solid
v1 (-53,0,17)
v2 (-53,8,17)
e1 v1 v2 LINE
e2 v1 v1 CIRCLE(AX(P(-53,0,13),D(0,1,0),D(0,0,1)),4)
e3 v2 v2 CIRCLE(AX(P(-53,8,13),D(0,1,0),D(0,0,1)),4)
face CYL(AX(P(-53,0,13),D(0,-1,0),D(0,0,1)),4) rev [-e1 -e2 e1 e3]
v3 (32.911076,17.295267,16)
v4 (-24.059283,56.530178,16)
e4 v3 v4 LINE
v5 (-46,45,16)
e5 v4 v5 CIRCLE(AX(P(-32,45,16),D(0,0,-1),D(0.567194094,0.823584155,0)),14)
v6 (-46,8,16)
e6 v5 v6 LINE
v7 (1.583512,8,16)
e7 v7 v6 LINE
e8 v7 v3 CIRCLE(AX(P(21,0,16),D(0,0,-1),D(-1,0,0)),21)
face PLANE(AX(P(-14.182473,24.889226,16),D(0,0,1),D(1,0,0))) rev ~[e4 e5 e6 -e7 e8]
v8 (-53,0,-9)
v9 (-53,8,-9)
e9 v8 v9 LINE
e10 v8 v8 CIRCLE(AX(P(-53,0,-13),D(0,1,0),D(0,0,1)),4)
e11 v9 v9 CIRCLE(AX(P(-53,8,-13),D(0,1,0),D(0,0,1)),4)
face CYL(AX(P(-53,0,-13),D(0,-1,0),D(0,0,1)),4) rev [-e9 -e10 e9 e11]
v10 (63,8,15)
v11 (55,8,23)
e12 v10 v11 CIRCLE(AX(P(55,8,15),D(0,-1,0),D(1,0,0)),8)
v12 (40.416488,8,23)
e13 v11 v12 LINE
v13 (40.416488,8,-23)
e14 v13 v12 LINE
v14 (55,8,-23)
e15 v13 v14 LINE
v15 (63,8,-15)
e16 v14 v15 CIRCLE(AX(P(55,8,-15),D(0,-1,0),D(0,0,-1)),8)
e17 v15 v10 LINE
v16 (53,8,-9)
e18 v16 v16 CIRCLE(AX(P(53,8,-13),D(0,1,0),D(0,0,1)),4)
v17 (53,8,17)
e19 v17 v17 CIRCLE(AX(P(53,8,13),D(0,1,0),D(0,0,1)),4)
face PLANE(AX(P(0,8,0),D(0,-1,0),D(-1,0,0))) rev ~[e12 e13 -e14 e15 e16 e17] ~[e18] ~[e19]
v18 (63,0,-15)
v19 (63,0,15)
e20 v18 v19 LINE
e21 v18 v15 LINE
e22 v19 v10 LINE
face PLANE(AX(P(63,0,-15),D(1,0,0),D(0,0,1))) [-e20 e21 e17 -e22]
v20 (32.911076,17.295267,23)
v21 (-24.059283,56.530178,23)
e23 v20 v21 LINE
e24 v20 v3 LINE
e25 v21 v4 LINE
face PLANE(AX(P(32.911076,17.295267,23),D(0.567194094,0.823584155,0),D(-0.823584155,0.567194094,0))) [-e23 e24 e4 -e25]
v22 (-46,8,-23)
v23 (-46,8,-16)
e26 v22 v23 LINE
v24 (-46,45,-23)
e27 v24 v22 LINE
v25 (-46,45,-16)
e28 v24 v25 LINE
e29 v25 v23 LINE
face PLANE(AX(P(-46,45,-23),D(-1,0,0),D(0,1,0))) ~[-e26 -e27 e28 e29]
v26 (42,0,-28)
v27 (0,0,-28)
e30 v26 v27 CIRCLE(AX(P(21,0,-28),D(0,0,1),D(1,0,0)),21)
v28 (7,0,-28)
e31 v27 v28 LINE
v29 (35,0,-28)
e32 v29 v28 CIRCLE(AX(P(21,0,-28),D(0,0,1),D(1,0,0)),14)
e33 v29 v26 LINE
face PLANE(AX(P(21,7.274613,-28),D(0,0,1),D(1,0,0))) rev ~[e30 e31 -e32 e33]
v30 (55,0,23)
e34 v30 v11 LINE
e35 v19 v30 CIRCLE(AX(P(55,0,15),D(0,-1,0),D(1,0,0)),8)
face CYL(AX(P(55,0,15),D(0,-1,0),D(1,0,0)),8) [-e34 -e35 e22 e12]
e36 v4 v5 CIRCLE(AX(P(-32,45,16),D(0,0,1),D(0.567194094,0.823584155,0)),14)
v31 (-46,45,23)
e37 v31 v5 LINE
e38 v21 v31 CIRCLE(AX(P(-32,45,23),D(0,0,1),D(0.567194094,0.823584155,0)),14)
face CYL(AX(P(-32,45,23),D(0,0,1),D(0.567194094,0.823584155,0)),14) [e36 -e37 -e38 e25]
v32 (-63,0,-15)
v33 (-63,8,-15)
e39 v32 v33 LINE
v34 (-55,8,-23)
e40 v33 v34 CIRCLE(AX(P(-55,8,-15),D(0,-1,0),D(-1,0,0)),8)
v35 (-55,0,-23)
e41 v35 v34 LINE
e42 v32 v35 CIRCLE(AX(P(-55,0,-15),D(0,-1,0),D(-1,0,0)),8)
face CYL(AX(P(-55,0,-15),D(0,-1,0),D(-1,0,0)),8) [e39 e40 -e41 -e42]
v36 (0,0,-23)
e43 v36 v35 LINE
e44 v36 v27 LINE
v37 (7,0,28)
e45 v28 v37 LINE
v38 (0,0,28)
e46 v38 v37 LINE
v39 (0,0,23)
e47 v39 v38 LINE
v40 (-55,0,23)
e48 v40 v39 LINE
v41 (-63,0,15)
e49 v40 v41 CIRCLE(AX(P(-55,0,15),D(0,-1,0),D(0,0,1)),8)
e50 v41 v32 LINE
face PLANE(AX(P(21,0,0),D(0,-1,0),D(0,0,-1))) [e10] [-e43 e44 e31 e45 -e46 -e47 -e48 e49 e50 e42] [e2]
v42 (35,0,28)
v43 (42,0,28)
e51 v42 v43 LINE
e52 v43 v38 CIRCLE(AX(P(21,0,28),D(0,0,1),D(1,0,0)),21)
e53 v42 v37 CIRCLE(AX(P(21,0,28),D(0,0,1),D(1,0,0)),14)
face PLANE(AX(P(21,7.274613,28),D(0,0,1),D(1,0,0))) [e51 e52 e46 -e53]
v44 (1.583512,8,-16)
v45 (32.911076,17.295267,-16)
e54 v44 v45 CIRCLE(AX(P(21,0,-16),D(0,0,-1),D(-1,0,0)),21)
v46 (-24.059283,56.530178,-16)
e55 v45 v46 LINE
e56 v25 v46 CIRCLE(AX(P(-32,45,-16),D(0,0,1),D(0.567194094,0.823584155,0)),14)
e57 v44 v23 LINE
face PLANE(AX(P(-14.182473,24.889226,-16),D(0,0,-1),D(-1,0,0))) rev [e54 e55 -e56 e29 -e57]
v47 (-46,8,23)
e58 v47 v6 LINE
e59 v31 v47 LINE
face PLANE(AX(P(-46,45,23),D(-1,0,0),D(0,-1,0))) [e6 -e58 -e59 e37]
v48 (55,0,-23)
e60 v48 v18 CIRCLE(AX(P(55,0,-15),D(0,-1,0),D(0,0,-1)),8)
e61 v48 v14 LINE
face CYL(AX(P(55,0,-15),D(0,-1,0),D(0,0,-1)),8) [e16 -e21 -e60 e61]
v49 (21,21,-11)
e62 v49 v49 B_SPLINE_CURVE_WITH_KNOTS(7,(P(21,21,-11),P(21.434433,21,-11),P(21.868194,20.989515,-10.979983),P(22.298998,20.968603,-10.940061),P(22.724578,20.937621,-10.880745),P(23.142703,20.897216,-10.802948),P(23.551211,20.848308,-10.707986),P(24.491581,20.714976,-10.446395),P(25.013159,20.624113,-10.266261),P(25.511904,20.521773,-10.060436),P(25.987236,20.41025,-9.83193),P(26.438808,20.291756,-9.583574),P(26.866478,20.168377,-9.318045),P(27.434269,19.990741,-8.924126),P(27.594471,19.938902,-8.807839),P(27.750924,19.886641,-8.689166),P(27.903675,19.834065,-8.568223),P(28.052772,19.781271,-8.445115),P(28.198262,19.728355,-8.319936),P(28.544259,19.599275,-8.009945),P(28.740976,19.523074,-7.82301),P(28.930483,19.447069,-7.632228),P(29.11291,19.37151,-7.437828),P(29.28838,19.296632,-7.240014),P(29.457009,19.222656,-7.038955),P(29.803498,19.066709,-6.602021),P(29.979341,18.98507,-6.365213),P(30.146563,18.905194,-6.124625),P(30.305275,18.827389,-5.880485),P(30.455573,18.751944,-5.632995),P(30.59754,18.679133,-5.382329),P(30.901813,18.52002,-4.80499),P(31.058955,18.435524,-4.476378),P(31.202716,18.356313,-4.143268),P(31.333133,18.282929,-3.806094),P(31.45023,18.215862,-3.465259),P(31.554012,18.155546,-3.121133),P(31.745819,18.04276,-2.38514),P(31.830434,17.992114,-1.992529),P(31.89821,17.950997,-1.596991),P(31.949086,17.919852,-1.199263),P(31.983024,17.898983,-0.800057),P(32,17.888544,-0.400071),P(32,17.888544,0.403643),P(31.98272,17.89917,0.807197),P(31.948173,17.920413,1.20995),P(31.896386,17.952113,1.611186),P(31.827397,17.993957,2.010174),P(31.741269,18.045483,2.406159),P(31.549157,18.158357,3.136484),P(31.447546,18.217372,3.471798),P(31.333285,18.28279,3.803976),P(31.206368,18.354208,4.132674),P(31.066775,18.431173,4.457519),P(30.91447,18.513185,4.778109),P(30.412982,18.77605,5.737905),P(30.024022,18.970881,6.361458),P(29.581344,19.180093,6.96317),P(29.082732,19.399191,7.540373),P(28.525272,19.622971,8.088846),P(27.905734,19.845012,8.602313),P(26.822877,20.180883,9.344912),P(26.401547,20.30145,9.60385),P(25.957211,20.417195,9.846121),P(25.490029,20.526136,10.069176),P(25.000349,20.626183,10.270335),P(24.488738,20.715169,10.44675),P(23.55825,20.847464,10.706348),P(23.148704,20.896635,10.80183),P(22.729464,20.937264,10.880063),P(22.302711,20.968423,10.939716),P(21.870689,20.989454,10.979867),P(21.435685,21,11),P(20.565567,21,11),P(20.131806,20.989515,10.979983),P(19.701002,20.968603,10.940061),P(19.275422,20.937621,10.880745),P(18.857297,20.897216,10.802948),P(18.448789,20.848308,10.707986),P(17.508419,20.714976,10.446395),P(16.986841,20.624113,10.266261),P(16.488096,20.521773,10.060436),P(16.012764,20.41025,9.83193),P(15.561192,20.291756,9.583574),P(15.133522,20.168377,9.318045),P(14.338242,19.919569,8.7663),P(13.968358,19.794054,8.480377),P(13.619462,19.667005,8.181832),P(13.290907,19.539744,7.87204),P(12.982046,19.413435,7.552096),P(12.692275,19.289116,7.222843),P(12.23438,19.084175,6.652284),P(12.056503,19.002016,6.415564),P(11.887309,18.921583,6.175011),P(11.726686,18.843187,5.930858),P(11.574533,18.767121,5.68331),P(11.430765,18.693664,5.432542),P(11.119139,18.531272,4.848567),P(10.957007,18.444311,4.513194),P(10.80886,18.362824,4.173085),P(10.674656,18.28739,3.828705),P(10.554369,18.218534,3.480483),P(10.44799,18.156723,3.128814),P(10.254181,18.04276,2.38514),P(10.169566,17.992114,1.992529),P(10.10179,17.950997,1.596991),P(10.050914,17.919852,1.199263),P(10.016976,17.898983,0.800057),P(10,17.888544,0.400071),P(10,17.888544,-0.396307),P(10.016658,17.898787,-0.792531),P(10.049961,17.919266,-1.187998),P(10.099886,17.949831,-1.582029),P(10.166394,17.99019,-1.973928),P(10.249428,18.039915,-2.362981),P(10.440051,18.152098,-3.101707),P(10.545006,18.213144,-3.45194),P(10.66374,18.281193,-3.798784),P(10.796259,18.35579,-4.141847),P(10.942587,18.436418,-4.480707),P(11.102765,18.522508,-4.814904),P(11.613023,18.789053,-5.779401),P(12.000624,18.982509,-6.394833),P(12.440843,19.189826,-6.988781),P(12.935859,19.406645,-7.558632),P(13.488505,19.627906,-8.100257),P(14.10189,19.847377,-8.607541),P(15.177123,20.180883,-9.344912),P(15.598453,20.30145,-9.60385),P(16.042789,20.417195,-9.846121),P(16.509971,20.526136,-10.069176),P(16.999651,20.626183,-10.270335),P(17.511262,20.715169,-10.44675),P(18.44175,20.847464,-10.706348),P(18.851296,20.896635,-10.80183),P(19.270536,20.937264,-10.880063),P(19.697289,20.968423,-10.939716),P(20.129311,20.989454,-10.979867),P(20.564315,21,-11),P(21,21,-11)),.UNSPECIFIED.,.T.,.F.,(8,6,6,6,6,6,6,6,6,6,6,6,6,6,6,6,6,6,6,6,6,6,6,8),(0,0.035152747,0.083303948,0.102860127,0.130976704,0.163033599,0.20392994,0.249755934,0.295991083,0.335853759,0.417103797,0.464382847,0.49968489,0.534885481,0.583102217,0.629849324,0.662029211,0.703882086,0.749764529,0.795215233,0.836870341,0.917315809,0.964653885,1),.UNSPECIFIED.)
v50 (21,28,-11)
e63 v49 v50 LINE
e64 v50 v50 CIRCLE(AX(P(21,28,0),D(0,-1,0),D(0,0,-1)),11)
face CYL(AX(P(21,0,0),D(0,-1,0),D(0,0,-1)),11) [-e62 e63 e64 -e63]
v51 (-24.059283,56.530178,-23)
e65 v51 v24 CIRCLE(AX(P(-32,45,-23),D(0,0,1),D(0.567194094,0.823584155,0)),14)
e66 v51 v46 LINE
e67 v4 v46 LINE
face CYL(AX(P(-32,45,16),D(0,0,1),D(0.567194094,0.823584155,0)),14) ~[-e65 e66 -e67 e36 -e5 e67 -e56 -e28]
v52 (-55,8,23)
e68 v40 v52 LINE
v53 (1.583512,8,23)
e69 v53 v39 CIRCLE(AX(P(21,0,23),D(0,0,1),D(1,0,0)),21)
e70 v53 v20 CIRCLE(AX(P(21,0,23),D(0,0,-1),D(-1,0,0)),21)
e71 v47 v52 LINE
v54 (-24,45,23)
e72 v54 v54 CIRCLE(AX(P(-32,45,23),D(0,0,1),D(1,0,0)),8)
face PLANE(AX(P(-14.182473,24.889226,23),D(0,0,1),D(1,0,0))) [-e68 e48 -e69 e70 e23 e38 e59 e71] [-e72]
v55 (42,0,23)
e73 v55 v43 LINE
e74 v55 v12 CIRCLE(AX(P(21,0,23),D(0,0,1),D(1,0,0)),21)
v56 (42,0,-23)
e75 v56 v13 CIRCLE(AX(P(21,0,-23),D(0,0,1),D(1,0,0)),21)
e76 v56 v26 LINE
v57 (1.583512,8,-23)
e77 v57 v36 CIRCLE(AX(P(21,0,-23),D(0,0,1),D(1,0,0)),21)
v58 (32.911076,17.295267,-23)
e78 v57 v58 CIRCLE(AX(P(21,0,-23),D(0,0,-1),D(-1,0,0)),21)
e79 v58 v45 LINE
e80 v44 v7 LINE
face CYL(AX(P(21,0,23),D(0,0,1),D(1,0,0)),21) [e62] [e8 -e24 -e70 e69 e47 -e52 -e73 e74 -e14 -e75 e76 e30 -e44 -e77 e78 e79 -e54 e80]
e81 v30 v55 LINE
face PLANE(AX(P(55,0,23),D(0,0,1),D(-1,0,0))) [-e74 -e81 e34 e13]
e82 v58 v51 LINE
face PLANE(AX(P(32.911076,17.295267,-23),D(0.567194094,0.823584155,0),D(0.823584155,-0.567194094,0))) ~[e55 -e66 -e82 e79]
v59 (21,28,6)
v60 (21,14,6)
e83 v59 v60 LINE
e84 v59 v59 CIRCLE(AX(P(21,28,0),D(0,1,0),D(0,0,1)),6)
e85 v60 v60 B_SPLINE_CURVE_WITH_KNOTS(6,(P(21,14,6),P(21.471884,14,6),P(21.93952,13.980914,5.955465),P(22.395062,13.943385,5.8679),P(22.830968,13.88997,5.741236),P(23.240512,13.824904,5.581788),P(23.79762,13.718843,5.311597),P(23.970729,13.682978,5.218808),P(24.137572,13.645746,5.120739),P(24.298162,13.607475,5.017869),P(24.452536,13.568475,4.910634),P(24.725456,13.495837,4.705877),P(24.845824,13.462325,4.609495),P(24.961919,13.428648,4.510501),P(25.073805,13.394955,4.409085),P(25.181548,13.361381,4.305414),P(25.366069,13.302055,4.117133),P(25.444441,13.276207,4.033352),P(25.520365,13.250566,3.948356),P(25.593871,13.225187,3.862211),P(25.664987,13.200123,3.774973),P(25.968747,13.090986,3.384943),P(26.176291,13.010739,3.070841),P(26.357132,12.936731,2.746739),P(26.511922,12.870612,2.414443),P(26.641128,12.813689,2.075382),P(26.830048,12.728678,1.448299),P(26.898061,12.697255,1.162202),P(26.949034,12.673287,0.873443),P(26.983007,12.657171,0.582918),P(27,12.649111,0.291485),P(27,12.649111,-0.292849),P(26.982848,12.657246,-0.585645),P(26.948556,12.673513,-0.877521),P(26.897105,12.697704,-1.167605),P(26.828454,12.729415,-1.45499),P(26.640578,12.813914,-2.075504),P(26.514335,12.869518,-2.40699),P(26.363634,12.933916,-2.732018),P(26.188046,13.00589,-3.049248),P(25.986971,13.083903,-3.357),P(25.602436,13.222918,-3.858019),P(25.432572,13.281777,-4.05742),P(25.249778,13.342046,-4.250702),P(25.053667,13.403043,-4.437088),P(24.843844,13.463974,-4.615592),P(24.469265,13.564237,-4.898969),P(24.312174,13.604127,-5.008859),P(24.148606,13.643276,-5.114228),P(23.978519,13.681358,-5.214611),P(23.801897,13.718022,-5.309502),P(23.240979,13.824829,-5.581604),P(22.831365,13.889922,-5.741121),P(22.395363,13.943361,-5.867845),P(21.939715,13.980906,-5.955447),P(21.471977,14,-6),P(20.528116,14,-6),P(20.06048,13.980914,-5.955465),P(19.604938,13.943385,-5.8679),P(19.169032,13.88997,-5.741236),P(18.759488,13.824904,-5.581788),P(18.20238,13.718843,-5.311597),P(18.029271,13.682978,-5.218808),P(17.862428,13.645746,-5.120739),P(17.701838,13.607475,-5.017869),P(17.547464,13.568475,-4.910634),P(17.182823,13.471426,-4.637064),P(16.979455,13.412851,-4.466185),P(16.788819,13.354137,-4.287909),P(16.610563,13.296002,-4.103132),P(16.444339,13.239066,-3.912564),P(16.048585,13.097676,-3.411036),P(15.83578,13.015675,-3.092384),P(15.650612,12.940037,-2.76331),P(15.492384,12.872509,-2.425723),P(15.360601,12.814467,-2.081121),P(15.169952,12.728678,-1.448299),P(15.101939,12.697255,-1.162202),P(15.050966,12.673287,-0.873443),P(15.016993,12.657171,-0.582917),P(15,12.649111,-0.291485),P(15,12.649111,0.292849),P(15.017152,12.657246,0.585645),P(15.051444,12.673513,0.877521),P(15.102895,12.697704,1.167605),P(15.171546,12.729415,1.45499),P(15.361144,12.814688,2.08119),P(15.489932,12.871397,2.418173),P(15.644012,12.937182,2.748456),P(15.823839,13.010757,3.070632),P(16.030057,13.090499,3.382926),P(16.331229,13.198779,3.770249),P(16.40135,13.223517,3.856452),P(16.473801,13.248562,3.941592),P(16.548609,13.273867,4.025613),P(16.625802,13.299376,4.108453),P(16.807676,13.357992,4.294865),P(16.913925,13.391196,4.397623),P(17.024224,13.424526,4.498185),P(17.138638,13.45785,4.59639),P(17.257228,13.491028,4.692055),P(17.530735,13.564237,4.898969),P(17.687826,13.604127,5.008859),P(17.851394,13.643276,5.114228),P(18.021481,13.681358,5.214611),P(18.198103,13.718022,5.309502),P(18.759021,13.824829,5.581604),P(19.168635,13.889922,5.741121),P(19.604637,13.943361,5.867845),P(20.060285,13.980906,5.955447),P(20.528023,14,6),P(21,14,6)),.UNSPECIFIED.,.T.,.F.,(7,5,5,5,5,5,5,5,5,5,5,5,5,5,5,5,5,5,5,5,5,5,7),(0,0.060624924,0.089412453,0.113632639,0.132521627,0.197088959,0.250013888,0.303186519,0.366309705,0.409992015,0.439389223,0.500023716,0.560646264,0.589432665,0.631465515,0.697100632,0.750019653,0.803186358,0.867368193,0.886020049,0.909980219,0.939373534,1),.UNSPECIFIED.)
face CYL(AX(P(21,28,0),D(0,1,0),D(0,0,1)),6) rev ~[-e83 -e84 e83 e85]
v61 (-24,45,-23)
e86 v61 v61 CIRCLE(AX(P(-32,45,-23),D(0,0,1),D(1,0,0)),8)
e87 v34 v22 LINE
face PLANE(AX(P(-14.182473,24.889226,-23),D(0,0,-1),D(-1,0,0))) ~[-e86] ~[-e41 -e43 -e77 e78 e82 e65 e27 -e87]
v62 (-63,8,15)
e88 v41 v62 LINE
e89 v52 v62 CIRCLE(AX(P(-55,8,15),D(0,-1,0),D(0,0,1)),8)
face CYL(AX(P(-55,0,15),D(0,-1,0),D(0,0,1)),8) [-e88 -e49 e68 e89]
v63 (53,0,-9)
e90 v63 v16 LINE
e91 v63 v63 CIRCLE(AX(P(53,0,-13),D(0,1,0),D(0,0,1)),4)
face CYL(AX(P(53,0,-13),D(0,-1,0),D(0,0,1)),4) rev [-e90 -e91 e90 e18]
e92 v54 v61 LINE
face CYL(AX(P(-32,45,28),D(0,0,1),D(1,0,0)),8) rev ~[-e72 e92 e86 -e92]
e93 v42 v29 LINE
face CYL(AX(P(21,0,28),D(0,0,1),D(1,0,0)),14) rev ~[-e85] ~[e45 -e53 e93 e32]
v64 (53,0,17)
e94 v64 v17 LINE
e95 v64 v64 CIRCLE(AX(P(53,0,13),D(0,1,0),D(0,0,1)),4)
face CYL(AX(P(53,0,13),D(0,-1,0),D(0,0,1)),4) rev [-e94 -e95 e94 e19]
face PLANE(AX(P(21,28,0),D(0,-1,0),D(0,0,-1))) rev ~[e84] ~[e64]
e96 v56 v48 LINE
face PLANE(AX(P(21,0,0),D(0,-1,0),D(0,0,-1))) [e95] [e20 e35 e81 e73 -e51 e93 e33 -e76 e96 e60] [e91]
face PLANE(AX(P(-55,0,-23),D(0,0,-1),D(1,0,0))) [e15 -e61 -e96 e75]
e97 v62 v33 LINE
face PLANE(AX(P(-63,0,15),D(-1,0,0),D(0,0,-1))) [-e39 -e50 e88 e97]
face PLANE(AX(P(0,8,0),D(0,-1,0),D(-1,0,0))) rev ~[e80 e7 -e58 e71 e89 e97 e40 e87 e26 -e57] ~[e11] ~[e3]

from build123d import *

# Parameters (mm, degrees)
SKETCH1_R                = 4
BOSS_EXTRUDE1_DEPTH      = 8
BOSS_EXTRUDE2_DEPTH      = 5
BOSS_EXTRUDE2_DEPTH_BACK = 51
BOSS_EXTRUDE3_DEPTH      = 7
BOSS_EXTRUDE5_REACH      = 46
SKETCH7_R                = 14
SKETCH4_R                = 11
BOSS_EXTRUDE4_DEPTH      = 28
CUT_EXTRUDE1_REACH       = 58
SKETCH5_R                = 14
SKETCH5_R_2              = 8
SKETCH6_R                = 6
CUT_EXTRUDE2_DEPTH       = 28


with BuildPart() as part:
    # Sketch1 → Boss-Extrude1 (new body)
    with BuildSketch(Plane(origin=(0, 0, 0), x_dir=(1, 0, 0), z_dir=(0, 1, 0))):
        with BuildLine():
            Line((55, -23), (-55, -23))
            ThreePointArc((-55, -23), (-60.656854249, -20.656854249), (-63, -15))
            Line((-63, -15), (-63, 15))
            ThreePointArc((-63, 15), (-60.656854249, 20.656854249), (-55, 23))
            Line((-55, 23), (55, 23))
            ThreePointArc((55, 23), (60.656854249, 20.656854249), (63, 15))
            Line((63, 15), (63, -15))
            ThreePointArc((63, -15), (60.656854249, -20.656854249), (55, -23))
        make_face()
        with Locations(Location((-53, 13, 0), (0, 0, 270))):  # turned: the seam where the file's is
            Circle(SKETCH1_R, mode=Mode.SUBTRACT)
        with Locations(Location((53, 13, 0), (0, 0, 270))):  # turned: the seam where the file's is
            Circle(SKETCH1_R, mode=Mode.SUBTRACT)
        with Locations(Location((-53, -13, 0), (0, 0, 270))):  # turned: the seam where the file's is
            Circle(SKETCH1_R, mode=Mode.SUBTRACT)
        with Locations(Location((53, -13, 0), (0, 0, 270))):  # turned: the seam where the file's is
            Circle(SKETCH1_R, mode=Mode.SUBTRACT)
    extrude(amount=BOSS_EXTRUDE1_DEPTH)

    # Sketch2 → Boss-Extrude2 (add, two sides)
    with BuildSketch(Plane.XY.offset(23)) as boss_extrude2_sk:
        with BuildLine():
            Line((0, 0), (42, 0))
            ThreePointArc((42, 0), (21, 21), (0, 0))
        make_face()
    extrude(amount=BOSS_EXTRUDE2_DEPTH)
    extrude(boss_extrude2_sk.sketch, amount=-BOSS_EXTRUDE2_DEPTH_BACK)

    # Sketch3 → Boss-Extrude3 (add)
    with BuildSketch(Plane.XY.offset(23)):
        with BuildLine():
            Line((-46, 45), (-46, 0))
            Line((-46, 0), (0, 0))
            ThreePointArc((0, 0), (11.23098253, 18.589413591), (32.911075968, 17.295267251))
            Line((32.911075968, 17.295267251), (-24.059282688, 56.530178167))
            ThreePointArc((-24.059282688, 56.530178167), (-38.512678314, 57.392942394), (-46, 45))
        make_face()
    boss_extrude3 = extrude(amount=-BOSS_EXTRUDE3_DEPTH)

    # Mirror1: Boss-Extrude3 across plane
    add(boss_extrude3.mirror(Plane.XY))

    # Sketch7 → Boss-Extrude5 (add, up to next)
    with BuildSketch(Plane(origin=(0, 0, 16), x_dir=(-1, 0, 0), z_dir=(0, 0, -1)), mode=Mode.PRIVATE) as boss_extrude5_sk1:
        with Locations(Location((32, 45, 0), (0, 0, 124.554792234))):  # turned: the seam where the file's is
            Circle(SKETCH7_R)
    boss_extrude5_tool1 = extrude(boss_extrude5_sk1.sketch, amount=BOSS_EXTRUDE5_REACH, mode=Mode.PRIVATE) - part.part
    add(boss_extrude5_tool1.solids().sort_by_distance((-32, 45, 16))[0])

    # Sketch4 → Boss-Extrude4 (add)
    with BuildSketch(Plane.XZ):
        with Locations(Location((21, 0, 0), (0, 0, 270))):  # turned: the seam where the file's is
            Circle(SKETCH4_R)
    extrude(amount=-BOSS_EXTRUDE4_DEPTH)

    # Sketch5 → Cut-Extrude1 (cut, up to next)
    with BuildSketch(Plane.XY.offset(28), mode=Mode.PRIVATE) as cut_extrude1_sk1:
        with Locations((21, 0)):
            Circle(SKETCH5_R)
    cut_extrude1_tool1 = extrude(cut_extrude1_sk1.sketch, amount=-CUT_EXTRUDE1_REACH, mode=Mode.PRIVATE) & part.part
    add(cut_extrude1_tool1.solids().sort_by_distance((21, 0, 28))[0], mode=Mode.SUBTRACT)
    # Sketch5 → Cut-Extrude1 (cut, up to next)
    with BuildSketch(Plane.XY.offset(28), mode=Mode.PRIVATE) as cut_extrude1_sk2:
        with Locations((-32, 45)):
            Circle(SKETCH5_R_2)
    cut_extrude1_tool2 = extrude(cut_extrude1_sk2.sketch, amount=-CUT_EXTRUDE1_REACH, mode=Mode.PRIVATE) & part.part
    add(cut_extrude1_tool2.solids().sort_by_distance((-32, 45, 28))[0], mode=Mode.SUBTRACT)

    # Sketch6 → Cut-Extrude2 (cut)
    with BuildSketch(Plane(origin=(0, 28, 0), x_dir=(1, 0, 0), z_dir=(0, 1, 0))):
        with Locations(Location((21, 0, 0), (0, 0, 270))):  # turned: the seam where the file's is
            Circle(SKETCH6_R)
    extrude(amount=-CUT_EXTRUDE2_DEPTH, mode=Mode.SUBTRACT)


solid = part.part
